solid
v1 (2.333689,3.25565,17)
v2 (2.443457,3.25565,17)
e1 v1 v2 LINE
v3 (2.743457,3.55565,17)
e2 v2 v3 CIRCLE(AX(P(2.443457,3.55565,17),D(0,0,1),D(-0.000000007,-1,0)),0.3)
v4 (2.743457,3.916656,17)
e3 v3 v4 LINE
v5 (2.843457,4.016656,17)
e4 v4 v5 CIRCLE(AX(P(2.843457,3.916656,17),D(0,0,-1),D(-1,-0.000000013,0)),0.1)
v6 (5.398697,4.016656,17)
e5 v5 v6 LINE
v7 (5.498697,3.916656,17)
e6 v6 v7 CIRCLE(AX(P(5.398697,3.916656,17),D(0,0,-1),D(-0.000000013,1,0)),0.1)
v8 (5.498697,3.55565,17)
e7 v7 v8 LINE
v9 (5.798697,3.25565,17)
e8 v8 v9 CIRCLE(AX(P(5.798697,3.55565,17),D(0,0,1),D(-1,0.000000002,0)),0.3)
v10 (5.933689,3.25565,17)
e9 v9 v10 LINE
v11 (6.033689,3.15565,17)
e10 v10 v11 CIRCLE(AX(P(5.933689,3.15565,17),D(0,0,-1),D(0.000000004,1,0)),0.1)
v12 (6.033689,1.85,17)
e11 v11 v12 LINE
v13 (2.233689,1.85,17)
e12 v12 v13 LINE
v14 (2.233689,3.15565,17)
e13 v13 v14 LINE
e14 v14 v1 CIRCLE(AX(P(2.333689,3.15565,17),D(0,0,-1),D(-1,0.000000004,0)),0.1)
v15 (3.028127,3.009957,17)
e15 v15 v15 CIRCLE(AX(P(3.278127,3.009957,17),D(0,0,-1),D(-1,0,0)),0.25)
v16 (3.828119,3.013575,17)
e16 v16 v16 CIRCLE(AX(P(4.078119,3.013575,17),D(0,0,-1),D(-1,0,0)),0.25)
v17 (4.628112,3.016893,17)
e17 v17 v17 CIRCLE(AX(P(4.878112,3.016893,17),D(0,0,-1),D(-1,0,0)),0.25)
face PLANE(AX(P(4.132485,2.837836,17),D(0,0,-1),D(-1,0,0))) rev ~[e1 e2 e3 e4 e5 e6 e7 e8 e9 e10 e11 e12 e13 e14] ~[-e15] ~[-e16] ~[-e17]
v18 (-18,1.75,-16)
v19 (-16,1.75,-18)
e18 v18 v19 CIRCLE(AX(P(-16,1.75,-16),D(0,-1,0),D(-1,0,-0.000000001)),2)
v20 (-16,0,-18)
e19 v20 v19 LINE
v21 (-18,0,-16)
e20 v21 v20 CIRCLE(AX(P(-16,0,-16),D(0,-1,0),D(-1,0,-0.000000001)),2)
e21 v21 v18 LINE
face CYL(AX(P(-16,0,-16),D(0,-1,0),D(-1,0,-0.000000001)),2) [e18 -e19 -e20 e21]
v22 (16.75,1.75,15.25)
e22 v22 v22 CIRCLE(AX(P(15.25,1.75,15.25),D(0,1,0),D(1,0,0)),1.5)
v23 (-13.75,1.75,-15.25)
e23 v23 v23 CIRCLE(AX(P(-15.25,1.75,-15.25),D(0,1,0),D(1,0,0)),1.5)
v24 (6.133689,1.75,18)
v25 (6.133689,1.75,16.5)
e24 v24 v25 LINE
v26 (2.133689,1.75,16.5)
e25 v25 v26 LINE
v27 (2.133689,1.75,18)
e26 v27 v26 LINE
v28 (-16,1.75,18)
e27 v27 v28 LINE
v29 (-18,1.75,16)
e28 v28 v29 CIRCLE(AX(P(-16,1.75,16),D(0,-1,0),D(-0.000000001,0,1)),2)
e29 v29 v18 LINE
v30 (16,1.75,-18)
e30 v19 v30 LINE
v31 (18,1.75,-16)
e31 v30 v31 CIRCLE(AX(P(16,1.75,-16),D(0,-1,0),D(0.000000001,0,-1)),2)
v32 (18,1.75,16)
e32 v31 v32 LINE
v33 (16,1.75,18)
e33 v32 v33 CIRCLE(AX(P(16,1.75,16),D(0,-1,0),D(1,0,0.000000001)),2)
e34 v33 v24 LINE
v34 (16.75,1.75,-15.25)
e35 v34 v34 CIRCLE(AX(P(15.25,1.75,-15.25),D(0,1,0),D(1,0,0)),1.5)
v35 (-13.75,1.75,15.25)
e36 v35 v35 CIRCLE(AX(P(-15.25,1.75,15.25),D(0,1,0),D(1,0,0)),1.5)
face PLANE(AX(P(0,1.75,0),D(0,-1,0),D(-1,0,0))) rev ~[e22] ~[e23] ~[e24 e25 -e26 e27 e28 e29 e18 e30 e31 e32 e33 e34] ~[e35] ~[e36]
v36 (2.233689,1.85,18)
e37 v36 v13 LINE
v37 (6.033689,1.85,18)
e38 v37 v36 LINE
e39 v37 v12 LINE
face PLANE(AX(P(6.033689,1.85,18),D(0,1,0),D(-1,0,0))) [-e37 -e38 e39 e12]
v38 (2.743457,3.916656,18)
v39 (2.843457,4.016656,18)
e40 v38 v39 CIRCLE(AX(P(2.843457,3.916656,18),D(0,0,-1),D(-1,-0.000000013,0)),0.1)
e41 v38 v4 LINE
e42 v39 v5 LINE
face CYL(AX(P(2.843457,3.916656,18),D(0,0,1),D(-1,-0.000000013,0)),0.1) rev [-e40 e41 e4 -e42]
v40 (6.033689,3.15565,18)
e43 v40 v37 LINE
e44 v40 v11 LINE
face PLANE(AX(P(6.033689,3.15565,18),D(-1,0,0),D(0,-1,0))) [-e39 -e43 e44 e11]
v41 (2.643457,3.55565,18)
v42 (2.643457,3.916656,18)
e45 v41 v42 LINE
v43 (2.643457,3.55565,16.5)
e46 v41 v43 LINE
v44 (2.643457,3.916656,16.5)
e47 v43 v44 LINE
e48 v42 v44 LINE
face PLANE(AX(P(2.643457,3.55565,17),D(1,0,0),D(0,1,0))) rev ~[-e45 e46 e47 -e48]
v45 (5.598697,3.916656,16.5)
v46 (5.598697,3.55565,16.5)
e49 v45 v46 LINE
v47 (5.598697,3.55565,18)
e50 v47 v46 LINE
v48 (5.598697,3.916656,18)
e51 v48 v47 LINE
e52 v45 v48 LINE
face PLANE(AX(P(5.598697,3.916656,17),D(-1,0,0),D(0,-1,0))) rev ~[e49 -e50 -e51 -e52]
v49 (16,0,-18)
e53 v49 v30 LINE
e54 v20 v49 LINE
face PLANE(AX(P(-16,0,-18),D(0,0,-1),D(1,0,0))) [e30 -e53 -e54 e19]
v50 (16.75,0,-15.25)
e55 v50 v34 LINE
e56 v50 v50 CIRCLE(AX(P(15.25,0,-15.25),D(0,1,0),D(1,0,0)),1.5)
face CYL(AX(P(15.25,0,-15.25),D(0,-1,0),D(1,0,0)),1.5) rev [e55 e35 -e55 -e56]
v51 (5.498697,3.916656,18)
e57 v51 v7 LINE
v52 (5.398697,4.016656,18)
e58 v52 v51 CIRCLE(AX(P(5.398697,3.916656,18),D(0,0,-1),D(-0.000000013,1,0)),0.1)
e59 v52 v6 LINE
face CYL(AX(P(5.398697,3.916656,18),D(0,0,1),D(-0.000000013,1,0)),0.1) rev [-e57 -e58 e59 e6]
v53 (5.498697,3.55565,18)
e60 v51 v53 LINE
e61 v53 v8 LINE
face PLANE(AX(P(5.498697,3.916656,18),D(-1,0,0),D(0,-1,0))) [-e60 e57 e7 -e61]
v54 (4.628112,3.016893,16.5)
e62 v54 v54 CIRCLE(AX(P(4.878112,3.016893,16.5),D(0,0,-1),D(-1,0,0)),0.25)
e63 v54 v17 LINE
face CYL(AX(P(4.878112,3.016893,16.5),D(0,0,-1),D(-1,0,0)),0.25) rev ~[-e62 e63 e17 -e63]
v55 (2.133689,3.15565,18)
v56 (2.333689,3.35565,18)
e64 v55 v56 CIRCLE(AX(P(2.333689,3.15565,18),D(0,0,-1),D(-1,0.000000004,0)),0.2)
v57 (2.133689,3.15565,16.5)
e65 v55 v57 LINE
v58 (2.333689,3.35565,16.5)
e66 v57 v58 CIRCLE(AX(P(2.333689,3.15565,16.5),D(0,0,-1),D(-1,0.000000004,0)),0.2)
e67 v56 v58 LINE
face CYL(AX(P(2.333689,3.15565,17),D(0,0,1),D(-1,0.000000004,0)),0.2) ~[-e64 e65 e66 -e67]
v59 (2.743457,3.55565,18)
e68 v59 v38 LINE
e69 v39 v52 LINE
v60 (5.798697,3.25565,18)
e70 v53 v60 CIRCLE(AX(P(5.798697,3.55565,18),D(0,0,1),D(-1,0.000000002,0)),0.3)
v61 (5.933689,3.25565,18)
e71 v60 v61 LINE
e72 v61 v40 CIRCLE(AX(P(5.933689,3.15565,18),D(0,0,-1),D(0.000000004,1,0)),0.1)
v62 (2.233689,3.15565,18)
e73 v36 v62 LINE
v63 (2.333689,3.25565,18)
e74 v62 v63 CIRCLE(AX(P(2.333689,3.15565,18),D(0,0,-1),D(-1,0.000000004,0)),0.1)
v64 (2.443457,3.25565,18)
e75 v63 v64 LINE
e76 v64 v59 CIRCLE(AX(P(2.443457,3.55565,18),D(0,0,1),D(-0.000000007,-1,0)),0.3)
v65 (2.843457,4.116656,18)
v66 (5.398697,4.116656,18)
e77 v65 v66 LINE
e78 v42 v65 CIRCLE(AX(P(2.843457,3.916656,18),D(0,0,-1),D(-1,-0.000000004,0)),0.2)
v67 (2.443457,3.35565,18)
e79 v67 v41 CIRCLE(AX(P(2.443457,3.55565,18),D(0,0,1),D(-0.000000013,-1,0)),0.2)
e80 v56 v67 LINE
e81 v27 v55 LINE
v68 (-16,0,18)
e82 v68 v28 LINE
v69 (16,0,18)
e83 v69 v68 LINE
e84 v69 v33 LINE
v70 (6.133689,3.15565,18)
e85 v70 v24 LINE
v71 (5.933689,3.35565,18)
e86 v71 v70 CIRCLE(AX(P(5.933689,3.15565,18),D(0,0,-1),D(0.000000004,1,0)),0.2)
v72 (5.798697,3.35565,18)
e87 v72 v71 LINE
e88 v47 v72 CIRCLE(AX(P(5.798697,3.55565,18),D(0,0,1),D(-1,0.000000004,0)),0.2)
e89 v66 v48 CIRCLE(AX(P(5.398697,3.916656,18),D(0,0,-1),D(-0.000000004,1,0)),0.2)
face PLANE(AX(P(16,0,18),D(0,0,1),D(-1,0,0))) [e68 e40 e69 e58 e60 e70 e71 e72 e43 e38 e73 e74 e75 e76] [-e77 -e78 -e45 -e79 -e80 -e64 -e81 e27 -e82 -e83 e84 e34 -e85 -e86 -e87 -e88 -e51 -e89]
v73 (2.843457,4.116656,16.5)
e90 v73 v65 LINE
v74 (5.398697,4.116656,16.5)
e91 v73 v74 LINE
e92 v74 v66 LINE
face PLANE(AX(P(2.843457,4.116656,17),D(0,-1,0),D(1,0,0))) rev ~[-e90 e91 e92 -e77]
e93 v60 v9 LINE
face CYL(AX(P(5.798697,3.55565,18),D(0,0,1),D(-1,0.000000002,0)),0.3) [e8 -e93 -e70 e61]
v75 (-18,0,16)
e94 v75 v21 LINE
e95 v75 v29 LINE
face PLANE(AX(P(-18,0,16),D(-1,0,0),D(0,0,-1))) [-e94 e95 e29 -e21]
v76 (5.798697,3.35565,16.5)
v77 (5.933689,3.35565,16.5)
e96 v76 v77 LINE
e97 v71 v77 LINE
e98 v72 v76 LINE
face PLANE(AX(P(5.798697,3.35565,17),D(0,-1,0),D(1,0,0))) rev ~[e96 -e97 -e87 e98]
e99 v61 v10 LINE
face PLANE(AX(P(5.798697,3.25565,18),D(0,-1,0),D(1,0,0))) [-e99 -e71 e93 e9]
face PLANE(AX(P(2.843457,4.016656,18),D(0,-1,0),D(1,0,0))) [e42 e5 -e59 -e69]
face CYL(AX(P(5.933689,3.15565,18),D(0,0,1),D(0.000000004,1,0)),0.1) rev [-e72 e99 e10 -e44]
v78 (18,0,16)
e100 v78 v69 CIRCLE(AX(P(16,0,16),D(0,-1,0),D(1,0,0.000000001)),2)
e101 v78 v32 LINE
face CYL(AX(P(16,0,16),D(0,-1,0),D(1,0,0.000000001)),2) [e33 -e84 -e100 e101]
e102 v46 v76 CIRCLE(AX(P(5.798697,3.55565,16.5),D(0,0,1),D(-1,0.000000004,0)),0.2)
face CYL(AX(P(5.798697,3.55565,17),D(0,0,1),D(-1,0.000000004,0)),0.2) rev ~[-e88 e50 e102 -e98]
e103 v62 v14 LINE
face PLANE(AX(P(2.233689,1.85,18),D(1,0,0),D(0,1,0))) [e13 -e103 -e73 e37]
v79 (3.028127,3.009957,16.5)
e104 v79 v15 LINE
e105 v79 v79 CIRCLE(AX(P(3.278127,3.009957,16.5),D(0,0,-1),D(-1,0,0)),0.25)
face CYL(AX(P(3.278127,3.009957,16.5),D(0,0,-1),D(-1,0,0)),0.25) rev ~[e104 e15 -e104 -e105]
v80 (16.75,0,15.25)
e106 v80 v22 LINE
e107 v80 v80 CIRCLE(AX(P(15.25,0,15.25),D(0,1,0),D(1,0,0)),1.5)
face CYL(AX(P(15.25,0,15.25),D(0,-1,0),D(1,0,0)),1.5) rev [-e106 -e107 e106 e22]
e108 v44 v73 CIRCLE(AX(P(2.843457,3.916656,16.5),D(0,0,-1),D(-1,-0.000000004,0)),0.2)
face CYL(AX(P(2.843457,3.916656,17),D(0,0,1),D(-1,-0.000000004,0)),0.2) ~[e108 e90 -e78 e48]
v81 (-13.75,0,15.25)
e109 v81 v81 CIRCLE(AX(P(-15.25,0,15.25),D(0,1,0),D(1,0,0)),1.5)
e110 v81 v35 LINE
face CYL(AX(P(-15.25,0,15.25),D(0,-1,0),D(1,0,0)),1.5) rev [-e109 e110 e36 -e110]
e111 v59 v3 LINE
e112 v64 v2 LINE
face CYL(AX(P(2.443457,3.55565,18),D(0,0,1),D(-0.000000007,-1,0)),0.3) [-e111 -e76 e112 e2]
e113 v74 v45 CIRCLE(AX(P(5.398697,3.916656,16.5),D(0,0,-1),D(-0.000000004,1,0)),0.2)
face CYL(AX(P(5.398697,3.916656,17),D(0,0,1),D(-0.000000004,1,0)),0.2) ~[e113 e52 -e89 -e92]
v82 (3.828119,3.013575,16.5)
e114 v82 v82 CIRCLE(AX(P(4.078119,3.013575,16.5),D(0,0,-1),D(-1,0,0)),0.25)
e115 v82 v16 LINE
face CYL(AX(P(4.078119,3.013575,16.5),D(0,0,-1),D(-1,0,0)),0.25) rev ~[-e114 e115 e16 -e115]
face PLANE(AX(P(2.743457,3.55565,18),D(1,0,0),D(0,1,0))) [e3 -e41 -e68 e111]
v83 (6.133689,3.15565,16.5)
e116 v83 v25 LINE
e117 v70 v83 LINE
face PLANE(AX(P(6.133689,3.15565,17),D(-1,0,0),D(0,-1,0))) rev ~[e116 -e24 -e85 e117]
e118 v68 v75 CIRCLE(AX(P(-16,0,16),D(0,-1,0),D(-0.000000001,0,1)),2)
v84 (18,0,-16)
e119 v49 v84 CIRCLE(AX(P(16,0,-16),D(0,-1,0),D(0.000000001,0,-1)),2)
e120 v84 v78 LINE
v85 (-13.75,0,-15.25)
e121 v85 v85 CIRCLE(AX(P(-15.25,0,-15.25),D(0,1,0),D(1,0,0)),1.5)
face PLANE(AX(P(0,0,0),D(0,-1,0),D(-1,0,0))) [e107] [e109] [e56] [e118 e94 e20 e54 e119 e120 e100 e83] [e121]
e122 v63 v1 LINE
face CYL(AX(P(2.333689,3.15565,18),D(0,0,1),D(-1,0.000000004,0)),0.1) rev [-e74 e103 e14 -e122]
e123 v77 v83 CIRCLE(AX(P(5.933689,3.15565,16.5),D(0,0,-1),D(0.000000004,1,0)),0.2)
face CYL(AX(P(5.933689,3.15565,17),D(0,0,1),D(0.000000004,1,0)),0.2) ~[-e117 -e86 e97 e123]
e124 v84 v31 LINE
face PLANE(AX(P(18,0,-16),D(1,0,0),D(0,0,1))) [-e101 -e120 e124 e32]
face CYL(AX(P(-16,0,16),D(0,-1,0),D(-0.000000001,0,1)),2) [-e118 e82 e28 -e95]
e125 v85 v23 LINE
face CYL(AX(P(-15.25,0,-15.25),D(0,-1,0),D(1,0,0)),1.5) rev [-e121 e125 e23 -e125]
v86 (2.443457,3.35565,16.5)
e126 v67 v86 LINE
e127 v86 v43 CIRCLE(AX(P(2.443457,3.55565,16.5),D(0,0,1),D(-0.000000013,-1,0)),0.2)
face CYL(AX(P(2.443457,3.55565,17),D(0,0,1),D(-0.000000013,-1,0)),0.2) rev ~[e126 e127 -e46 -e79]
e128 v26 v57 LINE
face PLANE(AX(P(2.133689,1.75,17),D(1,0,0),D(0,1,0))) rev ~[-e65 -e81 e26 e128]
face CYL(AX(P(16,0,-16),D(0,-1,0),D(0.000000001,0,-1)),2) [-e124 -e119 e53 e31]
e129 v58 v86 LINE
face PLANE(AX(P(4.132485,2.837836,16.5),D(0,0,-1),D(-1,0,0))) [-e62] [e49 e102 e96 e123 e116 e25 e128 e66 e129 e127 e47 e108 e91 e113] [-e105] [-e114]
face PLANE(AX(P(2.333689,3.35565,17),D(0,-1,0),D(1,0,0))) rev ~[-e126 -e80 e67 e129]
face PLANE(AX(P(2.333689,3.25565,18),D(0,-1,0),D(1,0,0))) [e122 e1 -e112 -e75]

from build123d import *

# Parameters (mm, degrees)
SKETCH1_R           = 1.5
BOSS_EXTRUDE1_DEPTH = 1.75
BOSS_EXTRUDE6_DEPTH = 1
BOSS_EXTRUDE7_DEPTH = 0.5
CUT_EXTRUDE1_REACH  = 3.5
SKETCH7_R           = 0.25


with BuildPart() as part:
    # Sketch1 → Boss-Extrude1 (new body)
    with BuildSketch(Plane(origin=(0, 0, 0), x_dir=(1, 0, 0), z_dir=(0, 1, 0))):
        with BuildLine():
            Line((-16, 18), (16, 18))
            ThreePointArc((16, 18), (17.414213562, 17.414213562), (18, 16))
            Line((18, 16), (18, -16))
            ThreePointArc((18, -16), (17.414213562, -17.414213562), (16, -18))
            Line((16, -18), (-16, -18))
            ThreePointArc((-16, -18), (-17.414213562, -17.414213562), (-18, -16))
            Line((-18, -16), (-18, 16))
            ThreePointArc((-18, 16), (-17.414213562, 17.414213562), (-16, 18))
        make_face()
        with Locations((-15.25, 15.25)):
            Circle(SKETCH1_R, mode=Mode.SUBTRACT)
        with Locations((15.25, 15.25)):
            Circle(SKETCH1_R, mode=Mode.SUBTRACT)
        with Locations((-15.25, -15.25)):
            Circle(SKETCH1_R, mode=Mode.SUBTRACT)
        with Locations((15.25, -15.25)):
            Circle(SKETCH1_R, mode=Mode.SUBTRACT)
    extrude(amount=BOSS_EXTRUDE1_DEPTH)

    # Sketch2 → Boss-Extrude6 (add)
    with BuildSketch(Plane.XY.offset(18)):
        with BuildLine():
            Line((2.843456523, 4.116656207), (5.398697456, 4.116656207))
            ThreePointArc((5.398697456, 4.116656207), (5.540118812, 4.058077564), (5.598697456, 3.916656207))
            Line((5.598697456, 3.916656207), (5.598697456, 3.555649959))
            ThreePointArc((5.598697456, 3.555649959), (5.6572761, 3.414228602), (5.798697456, 3.355649959))
            Line((5.798697456, 3.355649959), (5.933688948, 3.355649959))
            ThreePointArc((5.933688948, 3.355649959), (6.075110304, 3.297071315), (6.133688948, 3.155649959))
            Line((6.133688948, 3.155649959), (6.133688948, 1.75))
            Line((6.133688948, 1.75), (2.133688948, 1.75))
            Line((2.133688948, 1.75), (2.133688948, 3.155649959))
            ThreePointArc((2.133688948, 3.155649959), (2.192267592, 3.297071315), (2.333688948, 3.355649959))
            Line((2.333688948, 3.355649959), (2.443456523, 3.355649959))
            ThreePointArc((2.443456523, 3.355649959), (2.58487788, 3.414228602), (2.643456523, 3.555649959))
            Line((2.643456523, 3.555649959), (2.643456523, 3.916656207))
            ThreePointArc((2.643456523, 3.916656207), (2.702035167, 4.058077564), (2.843456523, 4.116656207))
        make_face()
        with BuildLine():
            Line((2.843456523, 4.016656207), (5.398697456, 4.016656207))
            ThreePointArc((5.398697456, 4.016656207), (5.469408134, 3.987366886), (5.498697456, 3.916656207))
            Line((5.498697456, 3.916656207), (5.498697456, 3.555649959))
            ThreePointArc((5.498697456, 3.555649959), (5.586565422, 3.343517924), (5.798697456, 3.255649959))
            Line((5.798697456, 3.255649959), (5.933688948, 3.255649959))
            ThreePointArc((5.933688948, 3.255649959), (6.004399626, 3.226360637), (6.033688948, 3.155649959))
            Line((6.033688948, 3.155649959), (6.033688948, 1.85))
            Line((6.033688948, 1.85), (2.233688948, 1.85))
            Line((2.233688948, 1.85), (2.233688948, 3.155649959))
            ThreePointArc((2.233688948, 3.155649959), (2.26297827, 3.226360637), (2.333688948, 3.255649959))
            Line((2.333688948, 3.255649959), (2.443456523, 3.255649959))
            ThreePointArc((2.443456523, 3.255649959), (2.655588558, 3.343517924), (2.743456523, 3.555649959))
            Line((2.743456523, 3.555649959), (2.743456523, 3.916656207))
            ThreePointArc((2.743456523, 3.916656207), (2.772745845, 3.987366886), (2.843456523, 4.016656207))
        make_face(mode=Mode.SUBTRACT)
    extrude(amount=-BOSS_EXTRUDE6_DEPTH)

    # Sketch6 → Boss-Extrude7 (add)
    with BuildSketch(Plane(origin=(0, 0, 17), x_dir=(-1, 0, 0), z_dir=(0, 0, -1))):
        with BuildLine():
            Line((-5.598697456, 3.916656207), (-5.598697456, 3.555649959))
            ThreePointArc((-5.598697456, 3.555649959), (-5.6572761, 3.414228602), (-5.798697456, 3.355649959))
            Line((-5.798697456, 3.355649959), (-5.933688948, 3.355649959))
            ThreePointArc((-5.933688948, 3.355649959), (-6.075110304, 3.297071315), (-6.133688948, 3.155649959))
            Line((-6.133688948, 3.155649959), (-6.133688948, 1.75))
            Line((-6.133688948, 1.75), (-2.133688948, 1.75))
            Line((-2.133688948, 1.75), (-2.133688948, 3.155649959))
            ThreePointArc((-2.133688948, 3.155649959), (-2.192267592, 3.297071315), (-2.333688948, 3.355649959))
            Line((-2.333688948, 3.355649959), (-2.443456523, 3.355649959))
            ThreePointArc((-2.443456523, 3.355649959), (-2.58487788, 3.414228602), (-2.643456523, 3.555649959))
            Line((-2.643456523, 3.555649959), (-2.643456523, 3.916656207))
            ThreePointArc((-2.643456523, 3.916656207), (-2.702035167, 4.058077564), (-2.843456523, 4.116656207))
            Line((-2.843456523, 4.116656207), (-5.398697456, 4.116656207))
            ThreePointArc((-5.398697456, 4.116656207), (-5.540118812, 4.058077564), (-5.598697456, 3.916656207))
        make_face()
    extrude(amount=BOSS_EXTRUDE7_DEPTH)

    # Sketch7 → Cut-Extrude1 (cut, up to next)
    with BuildSketch(Plane(origin=(0, 0, 16.5), x_dir=(-1, 0, 0), z_dir=(0, 0, -1)), mode=Mode.PRIVATE) as cut_extrude1_sk1:
        with Locations((-4.878111957, 3.016893087)):
            Circle(SKETCH7_R)
    cut_extrude1_tool1 = extrude(cut_extrude1_sk1.sketch, amount=-CUT_EXTRUDE1_REACH, mode=Mode.PRIVATE) & part.part
    add(cut_extrude1_tool1.solids().sort_by_distance((4.878112, 3.016893, 16.5))[0], mode=Mode.SUBTRACT)
    # Sketch7 → Cut-Extrude1 (cut, up to next)
    with BuildSketch(Plane(origin=(0, 0, 16.5), x_dir=(-1, 0, 0), z_dir=(0, 0, -1)), mode=Mode.PRIVATE) as cut_extrude1_sk2:
        with Locations((-4.078118838, 3.013574967)):
            Circle(SKETCH7_R)
    cut_extrude1_tool2 = extrude(cut_extrude1_sk2.sketch, amount=-CUT_EXTRUDE1_REACH, mode=Mode.PRIVATE) & part.part
    add(cut_extrude1_tool2.solids().sort_by_distance((4.078119, 3.013575, 16.5))[0], mode=Mode.SUBTRACT)
    # Sketch7 → Cut-Extrude1 (cut, up to next)
    with BuildSketch(Plane(origin=(0, 0, 16.5), x_dir=(-1, 0, 0), z_dir=(0, 0, -1)), mode=Mode.PRIVATE) as cut_extrude1_sk3:
        with Locations((-3.278127018, 3.00995723)):
            Circle(SKETCH7_R)
    cut_extrude1_tool3 = extrude(cut_extrude1_sk3.sketch, amount=-CUT_EXTRUDE1_REACH, mode=Mode.PRIVATE) & part.part
    add(cut_extrude1_tool3.solids().sort_by_distance((3.278127, 3.009957, 16.5))[0], mode=Mode.SUBTRACT)


solid = part.part
